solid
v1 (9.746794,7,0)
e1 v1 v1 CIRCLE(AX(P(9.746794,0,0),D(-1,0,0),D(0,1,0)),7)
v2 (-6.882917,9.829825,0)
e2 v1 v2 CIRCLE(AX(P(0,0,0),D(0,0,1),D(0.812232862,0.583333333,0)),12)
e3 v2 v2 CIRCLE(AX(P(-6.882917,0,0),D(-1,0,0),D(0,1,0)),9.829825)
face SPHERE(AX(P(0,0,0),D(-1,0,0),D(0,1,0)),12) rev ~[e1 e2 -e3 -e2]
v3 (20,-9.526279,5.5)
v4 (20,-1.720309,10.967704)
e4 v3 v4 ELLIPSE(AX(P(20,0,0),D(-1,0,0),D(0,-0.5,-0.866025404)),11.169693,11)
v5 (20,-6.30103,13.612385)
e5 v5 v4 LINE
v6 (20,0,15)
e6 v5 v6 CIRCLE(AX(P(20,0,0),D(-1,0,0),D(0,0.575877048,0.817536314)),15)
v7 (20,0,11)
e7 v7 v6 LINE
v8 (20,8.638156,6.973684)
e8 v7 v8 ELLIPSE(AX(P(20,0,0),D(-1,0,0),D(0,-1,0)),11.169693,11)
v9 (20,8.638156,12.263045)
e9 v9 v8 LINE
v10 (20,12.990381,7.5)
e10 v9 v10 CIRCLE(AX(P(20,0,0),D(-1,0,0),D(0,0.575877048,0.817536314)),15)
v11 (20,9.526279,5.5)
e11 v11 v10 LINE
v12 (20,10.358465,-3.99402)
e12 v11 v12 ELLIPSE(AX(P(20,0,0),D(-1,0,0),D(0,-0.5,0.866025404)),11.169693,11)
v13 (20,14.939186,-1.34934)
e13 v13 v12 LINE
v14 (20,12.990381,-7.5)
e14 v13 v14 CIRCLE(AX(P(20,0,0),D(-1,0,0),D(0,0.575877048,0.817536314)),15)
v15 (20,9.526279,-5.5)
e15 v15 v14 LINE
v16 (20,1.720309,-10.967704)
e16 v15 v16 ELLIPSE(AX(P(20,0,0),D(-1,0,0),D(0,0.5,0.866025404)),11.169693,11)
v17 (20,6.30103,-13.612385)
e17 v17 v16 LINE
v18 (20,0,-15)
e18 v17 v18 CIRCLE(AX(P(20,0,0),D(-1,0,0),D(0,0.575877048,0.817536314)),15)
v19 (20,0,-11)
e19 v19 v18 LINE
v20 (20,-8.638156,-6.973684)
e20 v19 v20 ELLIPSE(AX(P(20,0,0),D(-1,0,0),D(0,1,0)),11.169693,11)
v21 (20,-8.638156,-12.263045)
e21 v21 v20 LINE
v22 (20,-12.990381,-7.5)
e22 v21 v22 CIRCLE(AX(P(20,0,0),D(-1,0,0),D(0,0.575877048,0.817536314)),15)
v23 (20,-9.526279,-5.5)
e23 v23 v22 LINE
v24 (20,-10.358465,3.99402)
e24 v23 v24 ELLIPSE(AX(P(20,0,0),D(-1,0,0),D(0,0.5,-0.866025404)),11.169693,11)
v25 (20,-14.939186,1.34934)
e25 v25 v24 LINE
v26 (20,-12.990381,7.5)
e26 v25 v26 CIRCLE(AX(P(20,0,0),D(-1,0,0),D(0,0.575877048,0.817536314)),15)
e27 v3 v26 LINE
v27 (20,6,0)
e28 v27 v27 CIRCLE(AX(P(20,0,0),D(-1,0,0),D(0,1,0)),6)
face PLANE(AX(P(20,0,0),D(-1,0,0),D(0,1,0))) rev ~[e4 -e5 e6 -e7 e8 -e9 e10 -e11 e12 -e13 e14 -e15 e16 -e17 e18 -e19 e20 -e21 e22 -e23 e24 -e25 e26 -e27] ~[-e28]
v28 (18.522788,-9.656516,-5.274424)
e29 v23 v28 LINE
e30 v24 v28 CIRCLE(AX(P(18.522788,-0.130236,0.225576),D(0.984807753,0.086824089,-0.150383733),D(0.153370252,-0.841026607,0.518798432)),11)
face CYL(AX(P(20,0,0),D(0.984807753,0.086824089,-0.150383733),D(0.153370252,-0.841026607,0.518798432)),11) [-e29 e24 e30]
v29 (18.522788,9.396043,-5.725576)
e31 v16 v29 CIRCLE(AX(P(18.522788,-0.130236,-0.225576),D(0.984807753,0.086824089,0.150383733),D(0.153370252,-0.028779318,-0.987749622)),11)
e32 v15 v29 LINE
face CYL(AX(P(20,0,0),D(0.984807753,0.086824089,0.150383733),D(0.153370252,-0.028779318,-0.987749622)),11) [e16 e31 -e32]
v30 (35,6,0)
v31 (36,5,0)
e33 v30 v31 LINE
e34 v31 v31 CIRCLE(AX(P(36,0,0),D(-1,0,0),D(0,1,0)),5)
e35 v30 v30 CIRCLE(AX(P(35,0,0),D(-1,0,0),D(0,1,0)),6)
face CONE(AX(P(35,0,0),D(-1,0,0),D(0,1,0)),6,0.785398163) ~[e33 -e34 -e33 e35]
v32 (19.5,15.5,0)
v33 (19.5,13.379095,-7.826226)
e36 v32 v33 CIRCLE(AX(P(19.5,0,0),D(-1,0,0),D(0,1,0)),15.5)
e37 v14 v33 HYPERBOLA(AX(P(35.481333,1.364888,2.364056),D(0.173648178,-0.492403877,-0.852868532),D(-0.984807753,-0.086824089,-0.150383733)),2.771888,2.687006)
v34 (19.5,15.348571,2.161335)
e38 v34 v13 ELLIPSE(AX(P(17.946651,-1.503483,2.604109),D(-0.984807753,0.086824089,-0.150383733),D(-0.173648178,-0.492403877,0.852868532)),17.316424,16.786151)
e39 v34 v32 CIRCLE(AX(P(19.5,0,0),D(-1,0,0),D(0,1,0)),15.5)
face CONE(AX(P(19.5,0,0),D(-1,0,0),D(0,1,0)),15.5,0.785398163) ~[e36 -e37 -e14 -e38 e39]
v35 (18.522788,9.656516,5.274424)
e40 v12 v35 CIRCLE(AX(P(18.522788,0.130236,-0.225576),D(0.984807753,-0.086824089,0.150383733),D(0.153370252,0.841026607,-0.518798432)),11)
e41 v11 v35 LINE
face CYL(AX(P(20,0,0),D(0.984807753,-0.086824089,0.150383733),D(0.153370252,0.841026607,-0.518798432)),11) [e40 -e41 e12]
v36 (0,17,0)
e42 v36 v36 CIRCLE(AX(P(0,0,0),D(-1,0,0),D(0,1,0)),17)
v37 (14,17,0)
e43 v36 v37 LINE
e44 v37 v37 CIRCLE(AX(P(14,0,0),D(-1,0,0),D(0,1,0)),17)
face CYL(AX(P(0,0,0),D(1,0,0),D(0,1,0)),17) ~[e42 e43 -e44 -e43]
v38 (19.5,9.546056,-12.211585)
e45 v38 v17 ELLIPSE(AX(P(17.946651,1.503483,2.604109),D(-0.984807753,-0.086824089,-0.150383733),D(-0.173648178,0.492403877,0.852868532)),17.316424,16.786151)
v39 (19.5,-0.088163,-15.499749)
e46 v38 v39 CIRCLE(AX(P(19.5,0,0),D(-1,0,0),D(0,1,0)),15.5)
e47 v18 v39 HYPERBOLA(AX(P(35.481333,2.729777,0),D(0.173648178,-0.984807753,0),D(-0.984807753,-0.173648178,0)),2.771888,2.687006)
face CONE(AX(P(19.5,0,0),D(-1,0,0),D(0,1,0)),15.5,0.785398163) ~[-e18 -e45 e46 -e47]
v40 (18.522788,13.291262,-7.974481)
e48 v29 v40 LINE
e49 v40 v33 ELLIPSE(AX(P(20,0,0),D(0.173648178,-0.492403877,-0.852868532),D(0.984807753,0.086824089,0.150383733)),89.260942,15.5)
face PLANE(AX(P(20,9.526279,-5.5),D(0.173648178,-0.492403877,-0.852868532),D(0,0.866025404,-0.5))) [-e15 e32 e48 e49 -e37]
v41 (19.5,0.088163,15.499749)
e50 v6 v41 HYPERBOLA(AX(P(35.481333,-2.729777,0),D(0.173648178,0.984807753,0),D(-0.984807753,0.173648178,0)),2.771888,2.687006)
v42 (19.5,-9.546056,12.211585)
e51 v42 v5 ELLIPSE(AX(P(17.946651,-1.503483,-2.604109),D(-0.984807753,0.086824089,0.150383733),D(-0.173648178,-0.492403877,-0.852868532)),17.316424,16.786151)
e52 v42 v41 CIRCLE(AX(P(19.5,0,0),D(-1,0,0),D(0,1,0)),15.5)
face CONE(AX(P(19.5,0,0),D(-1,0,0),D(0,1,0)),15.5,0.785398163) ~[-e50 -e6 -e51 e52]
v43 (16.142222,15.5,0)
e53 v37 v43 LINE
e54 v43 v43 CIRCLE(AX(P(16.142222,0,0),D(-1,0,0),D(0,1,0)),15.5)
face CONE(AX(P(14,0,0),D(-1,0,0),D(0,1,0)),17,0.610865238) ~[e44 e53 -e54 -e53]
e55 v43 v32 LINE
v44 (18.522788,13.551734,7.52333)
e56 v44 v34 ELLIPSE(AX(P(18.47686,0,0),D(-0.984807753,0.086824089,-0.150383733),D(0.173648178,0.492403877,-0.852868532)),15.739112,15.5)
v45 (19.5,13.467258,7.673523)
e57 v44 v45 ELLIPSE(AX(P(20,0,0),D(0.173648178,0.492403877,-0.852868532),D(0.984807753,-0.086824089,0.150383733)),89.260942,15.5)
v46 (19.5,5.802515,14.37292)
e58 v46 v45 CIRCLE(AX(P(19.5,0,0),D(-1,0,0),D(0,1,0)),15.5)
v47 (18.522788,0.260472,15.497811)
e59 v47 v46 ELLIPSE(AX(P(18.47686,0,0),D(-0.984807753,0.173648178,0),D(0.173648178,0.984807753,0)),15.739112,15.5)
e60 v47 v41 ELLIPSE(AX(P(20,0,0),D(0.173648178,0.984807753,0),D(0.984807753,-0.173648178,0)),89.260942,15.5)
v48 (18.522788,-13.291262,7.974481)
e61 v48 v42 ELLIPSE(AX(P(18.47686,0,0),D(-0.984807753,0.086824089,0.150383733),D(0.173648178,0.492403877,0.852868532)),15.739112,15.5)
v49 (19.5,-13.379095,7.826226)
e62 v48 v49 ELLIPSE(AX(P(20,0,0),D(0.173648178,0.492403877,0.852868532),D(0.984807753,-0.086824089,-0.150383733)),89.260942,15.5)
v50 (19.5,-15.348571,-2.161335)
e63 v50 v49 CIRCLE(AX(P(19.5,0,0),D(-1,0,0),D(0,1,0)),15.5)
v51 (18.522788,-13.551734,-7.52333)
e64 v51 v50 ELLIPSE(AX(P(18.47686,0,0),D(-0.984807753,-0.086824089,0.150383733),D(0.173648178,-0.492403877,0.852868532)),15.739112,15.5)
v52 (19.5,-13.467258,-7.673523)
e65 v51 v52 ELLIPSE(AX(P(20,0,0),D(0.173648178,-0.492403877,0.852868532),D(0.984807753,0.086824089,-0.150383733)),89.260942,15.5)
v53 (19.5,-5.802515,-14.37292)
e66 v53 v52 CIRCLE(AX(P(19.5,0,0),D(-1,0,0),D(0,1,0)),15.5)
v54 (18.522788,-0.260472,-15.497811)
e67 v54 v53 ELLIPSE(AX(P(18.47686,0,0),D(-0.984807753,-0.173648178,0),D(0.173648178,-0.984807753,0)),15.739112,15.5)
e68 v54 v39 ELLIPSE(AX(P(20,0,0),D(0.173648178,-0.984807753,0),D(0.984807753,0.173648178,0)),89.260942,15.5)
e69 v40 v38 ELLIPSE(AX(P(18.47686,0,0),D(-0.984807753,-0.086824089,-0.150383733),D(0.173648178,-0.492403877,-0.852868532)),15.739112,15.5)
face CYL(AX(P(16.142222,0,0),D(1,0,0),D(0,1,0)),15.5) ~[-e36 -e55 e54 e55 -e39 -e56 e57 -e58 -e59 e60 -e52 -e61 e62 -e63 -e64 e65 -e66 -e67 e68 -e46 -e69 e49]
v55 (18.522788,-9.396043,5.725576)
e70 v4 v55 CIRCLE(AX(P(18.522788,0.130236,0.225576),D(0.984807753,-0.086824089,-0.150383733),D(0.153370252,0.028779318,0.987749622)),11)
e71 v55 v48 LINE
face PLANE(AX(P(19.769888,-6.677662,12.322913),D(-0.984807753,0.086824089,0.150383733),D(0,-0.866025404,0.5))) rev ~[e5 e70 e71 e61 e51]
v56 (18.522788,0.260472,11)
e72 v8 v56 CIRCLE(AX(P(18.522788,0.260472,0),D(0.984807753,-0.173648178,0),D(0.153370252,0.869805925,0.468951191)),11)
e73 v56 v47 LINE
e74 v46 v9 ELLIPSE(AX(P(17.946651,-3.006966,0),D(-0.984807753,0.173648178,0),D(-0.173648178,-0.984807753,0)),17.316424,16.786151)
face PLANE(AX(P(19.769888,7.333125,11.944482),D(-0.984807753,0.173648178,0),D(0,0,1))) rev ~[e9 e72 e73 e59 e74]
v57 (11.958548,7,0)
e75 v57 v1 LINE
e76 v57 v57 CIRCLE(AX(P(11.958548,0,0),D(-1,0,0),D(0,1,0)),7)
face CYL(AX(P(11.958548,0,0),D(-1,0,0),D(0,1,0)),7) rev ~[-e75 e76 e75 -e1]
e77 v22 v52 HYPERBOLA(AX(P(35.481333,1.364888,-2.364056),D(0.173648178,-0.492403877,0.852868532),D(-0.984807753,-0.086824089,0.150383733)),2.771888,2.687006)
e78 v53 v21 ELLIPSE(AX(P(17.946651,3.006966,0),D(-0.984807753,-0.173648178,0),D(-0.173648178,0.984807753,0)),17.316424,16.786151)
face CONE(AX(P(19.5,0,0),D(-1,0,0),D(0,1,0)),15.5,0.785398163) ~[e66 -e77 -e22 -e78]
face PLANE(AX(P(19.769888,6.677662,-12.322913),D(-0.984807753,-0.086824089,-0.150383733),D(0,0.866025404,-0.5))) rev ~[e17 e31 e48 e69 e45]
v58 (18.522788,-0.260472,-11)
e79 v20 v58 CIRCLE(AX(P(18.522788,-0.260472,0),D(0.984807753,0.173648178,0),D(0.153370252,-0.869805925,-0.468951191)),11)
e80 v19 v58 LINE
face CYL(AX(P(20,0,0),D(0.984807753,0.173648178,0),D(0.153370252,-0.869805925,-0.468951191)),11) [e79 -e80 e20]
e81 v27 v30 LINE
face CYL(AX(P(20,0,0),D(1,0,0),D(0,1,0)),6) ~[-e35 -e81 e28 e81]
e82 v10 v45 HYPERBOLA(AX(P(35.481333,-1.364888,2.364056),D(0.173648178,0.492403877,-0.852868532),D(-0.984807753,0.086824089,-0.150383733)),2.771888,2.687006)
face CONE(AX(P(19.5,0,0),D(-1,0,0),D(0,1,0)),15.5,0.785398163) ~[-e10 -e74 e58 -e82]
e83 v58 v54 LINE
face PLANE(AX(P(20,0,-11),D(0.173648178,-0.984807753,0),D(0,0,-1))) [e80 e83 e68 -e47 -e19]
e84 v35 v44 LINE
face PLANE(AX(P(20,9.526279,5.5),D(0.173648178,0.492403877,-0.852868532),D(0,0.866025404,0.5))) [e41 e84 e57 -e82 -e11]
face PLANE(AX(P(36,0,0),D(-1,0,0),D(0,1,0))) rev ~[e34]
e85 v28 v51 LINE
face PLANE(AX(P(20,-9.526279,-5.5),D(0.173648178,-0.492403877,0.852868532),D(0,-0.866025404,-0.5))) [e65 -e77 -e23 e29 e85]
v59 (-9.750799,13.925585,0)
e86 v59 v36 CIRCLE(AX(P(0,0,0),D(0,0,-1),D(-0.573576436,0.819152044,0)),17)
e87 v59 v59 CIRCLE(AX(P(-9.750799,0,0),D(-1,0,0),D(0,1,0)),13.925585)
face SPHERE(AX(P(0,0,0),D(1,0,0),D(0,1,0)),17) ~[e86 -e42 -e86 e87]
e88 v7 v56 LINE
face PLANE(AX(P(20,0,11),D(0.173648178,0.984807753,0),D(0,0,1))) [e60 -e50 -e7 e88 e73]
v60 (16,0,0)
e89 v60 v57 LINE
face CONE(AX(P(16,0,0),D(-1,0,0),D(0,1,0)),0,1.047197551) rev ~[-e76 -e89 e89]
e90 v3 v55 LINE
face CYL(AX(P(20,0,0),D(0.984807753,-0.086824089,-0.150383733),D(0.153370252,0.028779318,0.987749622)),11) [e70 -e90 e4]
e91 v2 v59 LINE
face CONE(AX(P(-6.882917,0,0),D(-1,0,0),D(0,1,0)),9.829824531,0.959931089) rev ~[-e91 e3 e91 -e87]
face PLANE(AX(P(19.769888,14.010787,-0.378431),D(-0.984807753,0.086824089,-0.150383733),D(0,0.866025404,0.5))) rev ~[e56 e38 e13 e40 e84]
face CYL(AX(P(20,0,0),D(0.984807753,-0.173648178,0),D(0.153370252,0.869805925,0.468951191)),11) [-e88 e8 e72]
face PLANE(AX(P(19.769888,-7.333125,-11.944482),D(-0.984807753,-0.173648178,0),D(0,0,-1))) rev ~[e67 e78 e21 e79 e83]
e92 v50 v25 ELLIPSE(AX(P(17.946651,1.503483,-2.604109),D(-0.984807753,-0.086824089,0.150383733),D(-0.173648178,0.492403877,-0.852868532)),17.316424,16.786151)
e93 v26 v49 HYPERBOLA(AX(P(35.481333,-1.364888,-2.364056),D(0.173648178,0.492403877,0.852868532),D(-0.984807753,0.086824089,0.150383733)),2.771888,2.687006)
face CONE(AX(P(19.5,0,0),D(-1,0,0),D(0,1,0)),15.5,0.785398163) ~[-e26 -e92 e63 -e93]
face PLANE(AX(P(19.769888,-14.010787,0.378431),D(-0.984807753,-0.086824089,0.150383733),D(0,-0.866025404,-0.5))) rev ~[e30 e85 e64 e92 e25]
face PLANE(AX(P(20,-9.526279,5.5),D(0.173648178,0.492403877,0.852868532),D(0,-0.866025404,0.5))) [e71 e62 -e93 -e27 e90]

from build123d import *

# Parameters (mm, degrees)
ENL_V_MAT_EXTRU_1_DEPTH      = 1.5
R_P_TITION_CIRCULAIRE1_COUNT = 6


with BuildPart() as part:
    # Esquisse1 → Base-Révolution (revolve)
    with BuildSketch(Plane.XY):
        with BuildLine():
            Line((0, 17), (14, 17))
            Line((14, 17), (16.14222201, 15.5))
            Line((16.14222201, 15.5), (19.5, 15.5))
            Line((19.5, 15.5), (20, 15))
            Line((20, 15), (20, 6))
            Line((20, 6), (35, 6))
            Line((35, 6), (36, 5))
            Line((36, 5), (36, 0))
            Line((36, 0), (16, 0))
            Line((16, 0), (11.958548116, 7))
            Line((11.958548116, 7), (9.746794345, 7))
            ThreePointArc((9.746794345, 7), (2.013063522, 11.829944009), (-6.882917236, 9.829824531))
            Line((-6.882917236, 9.829824531), (-9.750799418, 13.925584753))
            ThreePointArc((-9.750799418, 13.925584753), (-5.111998592, 16.213188163), (0, 17))
        make_face()
    revolve(axis=Axis((94.383348317, 0, 0), (-1, 0, 0)))

    # Esquisse3 → Enlèv. mat.-Extru.1 (cut)
    with BuildSketch(Plane(origin=(19.396926208, -3.420201433, 0), x_dir=(0, 0, -1), z_dir=(0.9848077530122081, -0.1736481776669306, 0))):
        with BuildLine():
            Line((-11, 3.472963553), (-18.209947962, 3.472963553))
            ThreePointArc((-18.209947962, 3.472963553), (-15.606207956, 12.856378604), (-8.539576778, 19.556428144))
            Line((-8.539576778, 19.556428144), (-5.158463097, 13.188428466))
            ThreePointArc((-5.158463097, 13.188428466), (-9.42717068, 9.141160177), (-11, 3.472963553))
        make_face()
    enl_v_mat_extru_1 = extrude(amount=-ENL_V_MAT_EXTRU_1_DEPTH, mode=Mode.SUBTRACT)

    # Répétition circulaire1: Enlèv. mat.-Extru.1 ×6 about axis
    r_p_tition_circulaire1_axis = Axis((94.383348317, 0, 0), (-1, 0, 0))
    for i in range(1, R_P_TITION_CIRCULAIRE1_COUNT):
        add(enl_v_mat_extru_1.rotate(r_p_tition_circulaire1_axis, i * 360 / R_P_TITION_CIRCULAIRE1_COUNT), mode=Mode.SUBTRACT)


solid = part.part
